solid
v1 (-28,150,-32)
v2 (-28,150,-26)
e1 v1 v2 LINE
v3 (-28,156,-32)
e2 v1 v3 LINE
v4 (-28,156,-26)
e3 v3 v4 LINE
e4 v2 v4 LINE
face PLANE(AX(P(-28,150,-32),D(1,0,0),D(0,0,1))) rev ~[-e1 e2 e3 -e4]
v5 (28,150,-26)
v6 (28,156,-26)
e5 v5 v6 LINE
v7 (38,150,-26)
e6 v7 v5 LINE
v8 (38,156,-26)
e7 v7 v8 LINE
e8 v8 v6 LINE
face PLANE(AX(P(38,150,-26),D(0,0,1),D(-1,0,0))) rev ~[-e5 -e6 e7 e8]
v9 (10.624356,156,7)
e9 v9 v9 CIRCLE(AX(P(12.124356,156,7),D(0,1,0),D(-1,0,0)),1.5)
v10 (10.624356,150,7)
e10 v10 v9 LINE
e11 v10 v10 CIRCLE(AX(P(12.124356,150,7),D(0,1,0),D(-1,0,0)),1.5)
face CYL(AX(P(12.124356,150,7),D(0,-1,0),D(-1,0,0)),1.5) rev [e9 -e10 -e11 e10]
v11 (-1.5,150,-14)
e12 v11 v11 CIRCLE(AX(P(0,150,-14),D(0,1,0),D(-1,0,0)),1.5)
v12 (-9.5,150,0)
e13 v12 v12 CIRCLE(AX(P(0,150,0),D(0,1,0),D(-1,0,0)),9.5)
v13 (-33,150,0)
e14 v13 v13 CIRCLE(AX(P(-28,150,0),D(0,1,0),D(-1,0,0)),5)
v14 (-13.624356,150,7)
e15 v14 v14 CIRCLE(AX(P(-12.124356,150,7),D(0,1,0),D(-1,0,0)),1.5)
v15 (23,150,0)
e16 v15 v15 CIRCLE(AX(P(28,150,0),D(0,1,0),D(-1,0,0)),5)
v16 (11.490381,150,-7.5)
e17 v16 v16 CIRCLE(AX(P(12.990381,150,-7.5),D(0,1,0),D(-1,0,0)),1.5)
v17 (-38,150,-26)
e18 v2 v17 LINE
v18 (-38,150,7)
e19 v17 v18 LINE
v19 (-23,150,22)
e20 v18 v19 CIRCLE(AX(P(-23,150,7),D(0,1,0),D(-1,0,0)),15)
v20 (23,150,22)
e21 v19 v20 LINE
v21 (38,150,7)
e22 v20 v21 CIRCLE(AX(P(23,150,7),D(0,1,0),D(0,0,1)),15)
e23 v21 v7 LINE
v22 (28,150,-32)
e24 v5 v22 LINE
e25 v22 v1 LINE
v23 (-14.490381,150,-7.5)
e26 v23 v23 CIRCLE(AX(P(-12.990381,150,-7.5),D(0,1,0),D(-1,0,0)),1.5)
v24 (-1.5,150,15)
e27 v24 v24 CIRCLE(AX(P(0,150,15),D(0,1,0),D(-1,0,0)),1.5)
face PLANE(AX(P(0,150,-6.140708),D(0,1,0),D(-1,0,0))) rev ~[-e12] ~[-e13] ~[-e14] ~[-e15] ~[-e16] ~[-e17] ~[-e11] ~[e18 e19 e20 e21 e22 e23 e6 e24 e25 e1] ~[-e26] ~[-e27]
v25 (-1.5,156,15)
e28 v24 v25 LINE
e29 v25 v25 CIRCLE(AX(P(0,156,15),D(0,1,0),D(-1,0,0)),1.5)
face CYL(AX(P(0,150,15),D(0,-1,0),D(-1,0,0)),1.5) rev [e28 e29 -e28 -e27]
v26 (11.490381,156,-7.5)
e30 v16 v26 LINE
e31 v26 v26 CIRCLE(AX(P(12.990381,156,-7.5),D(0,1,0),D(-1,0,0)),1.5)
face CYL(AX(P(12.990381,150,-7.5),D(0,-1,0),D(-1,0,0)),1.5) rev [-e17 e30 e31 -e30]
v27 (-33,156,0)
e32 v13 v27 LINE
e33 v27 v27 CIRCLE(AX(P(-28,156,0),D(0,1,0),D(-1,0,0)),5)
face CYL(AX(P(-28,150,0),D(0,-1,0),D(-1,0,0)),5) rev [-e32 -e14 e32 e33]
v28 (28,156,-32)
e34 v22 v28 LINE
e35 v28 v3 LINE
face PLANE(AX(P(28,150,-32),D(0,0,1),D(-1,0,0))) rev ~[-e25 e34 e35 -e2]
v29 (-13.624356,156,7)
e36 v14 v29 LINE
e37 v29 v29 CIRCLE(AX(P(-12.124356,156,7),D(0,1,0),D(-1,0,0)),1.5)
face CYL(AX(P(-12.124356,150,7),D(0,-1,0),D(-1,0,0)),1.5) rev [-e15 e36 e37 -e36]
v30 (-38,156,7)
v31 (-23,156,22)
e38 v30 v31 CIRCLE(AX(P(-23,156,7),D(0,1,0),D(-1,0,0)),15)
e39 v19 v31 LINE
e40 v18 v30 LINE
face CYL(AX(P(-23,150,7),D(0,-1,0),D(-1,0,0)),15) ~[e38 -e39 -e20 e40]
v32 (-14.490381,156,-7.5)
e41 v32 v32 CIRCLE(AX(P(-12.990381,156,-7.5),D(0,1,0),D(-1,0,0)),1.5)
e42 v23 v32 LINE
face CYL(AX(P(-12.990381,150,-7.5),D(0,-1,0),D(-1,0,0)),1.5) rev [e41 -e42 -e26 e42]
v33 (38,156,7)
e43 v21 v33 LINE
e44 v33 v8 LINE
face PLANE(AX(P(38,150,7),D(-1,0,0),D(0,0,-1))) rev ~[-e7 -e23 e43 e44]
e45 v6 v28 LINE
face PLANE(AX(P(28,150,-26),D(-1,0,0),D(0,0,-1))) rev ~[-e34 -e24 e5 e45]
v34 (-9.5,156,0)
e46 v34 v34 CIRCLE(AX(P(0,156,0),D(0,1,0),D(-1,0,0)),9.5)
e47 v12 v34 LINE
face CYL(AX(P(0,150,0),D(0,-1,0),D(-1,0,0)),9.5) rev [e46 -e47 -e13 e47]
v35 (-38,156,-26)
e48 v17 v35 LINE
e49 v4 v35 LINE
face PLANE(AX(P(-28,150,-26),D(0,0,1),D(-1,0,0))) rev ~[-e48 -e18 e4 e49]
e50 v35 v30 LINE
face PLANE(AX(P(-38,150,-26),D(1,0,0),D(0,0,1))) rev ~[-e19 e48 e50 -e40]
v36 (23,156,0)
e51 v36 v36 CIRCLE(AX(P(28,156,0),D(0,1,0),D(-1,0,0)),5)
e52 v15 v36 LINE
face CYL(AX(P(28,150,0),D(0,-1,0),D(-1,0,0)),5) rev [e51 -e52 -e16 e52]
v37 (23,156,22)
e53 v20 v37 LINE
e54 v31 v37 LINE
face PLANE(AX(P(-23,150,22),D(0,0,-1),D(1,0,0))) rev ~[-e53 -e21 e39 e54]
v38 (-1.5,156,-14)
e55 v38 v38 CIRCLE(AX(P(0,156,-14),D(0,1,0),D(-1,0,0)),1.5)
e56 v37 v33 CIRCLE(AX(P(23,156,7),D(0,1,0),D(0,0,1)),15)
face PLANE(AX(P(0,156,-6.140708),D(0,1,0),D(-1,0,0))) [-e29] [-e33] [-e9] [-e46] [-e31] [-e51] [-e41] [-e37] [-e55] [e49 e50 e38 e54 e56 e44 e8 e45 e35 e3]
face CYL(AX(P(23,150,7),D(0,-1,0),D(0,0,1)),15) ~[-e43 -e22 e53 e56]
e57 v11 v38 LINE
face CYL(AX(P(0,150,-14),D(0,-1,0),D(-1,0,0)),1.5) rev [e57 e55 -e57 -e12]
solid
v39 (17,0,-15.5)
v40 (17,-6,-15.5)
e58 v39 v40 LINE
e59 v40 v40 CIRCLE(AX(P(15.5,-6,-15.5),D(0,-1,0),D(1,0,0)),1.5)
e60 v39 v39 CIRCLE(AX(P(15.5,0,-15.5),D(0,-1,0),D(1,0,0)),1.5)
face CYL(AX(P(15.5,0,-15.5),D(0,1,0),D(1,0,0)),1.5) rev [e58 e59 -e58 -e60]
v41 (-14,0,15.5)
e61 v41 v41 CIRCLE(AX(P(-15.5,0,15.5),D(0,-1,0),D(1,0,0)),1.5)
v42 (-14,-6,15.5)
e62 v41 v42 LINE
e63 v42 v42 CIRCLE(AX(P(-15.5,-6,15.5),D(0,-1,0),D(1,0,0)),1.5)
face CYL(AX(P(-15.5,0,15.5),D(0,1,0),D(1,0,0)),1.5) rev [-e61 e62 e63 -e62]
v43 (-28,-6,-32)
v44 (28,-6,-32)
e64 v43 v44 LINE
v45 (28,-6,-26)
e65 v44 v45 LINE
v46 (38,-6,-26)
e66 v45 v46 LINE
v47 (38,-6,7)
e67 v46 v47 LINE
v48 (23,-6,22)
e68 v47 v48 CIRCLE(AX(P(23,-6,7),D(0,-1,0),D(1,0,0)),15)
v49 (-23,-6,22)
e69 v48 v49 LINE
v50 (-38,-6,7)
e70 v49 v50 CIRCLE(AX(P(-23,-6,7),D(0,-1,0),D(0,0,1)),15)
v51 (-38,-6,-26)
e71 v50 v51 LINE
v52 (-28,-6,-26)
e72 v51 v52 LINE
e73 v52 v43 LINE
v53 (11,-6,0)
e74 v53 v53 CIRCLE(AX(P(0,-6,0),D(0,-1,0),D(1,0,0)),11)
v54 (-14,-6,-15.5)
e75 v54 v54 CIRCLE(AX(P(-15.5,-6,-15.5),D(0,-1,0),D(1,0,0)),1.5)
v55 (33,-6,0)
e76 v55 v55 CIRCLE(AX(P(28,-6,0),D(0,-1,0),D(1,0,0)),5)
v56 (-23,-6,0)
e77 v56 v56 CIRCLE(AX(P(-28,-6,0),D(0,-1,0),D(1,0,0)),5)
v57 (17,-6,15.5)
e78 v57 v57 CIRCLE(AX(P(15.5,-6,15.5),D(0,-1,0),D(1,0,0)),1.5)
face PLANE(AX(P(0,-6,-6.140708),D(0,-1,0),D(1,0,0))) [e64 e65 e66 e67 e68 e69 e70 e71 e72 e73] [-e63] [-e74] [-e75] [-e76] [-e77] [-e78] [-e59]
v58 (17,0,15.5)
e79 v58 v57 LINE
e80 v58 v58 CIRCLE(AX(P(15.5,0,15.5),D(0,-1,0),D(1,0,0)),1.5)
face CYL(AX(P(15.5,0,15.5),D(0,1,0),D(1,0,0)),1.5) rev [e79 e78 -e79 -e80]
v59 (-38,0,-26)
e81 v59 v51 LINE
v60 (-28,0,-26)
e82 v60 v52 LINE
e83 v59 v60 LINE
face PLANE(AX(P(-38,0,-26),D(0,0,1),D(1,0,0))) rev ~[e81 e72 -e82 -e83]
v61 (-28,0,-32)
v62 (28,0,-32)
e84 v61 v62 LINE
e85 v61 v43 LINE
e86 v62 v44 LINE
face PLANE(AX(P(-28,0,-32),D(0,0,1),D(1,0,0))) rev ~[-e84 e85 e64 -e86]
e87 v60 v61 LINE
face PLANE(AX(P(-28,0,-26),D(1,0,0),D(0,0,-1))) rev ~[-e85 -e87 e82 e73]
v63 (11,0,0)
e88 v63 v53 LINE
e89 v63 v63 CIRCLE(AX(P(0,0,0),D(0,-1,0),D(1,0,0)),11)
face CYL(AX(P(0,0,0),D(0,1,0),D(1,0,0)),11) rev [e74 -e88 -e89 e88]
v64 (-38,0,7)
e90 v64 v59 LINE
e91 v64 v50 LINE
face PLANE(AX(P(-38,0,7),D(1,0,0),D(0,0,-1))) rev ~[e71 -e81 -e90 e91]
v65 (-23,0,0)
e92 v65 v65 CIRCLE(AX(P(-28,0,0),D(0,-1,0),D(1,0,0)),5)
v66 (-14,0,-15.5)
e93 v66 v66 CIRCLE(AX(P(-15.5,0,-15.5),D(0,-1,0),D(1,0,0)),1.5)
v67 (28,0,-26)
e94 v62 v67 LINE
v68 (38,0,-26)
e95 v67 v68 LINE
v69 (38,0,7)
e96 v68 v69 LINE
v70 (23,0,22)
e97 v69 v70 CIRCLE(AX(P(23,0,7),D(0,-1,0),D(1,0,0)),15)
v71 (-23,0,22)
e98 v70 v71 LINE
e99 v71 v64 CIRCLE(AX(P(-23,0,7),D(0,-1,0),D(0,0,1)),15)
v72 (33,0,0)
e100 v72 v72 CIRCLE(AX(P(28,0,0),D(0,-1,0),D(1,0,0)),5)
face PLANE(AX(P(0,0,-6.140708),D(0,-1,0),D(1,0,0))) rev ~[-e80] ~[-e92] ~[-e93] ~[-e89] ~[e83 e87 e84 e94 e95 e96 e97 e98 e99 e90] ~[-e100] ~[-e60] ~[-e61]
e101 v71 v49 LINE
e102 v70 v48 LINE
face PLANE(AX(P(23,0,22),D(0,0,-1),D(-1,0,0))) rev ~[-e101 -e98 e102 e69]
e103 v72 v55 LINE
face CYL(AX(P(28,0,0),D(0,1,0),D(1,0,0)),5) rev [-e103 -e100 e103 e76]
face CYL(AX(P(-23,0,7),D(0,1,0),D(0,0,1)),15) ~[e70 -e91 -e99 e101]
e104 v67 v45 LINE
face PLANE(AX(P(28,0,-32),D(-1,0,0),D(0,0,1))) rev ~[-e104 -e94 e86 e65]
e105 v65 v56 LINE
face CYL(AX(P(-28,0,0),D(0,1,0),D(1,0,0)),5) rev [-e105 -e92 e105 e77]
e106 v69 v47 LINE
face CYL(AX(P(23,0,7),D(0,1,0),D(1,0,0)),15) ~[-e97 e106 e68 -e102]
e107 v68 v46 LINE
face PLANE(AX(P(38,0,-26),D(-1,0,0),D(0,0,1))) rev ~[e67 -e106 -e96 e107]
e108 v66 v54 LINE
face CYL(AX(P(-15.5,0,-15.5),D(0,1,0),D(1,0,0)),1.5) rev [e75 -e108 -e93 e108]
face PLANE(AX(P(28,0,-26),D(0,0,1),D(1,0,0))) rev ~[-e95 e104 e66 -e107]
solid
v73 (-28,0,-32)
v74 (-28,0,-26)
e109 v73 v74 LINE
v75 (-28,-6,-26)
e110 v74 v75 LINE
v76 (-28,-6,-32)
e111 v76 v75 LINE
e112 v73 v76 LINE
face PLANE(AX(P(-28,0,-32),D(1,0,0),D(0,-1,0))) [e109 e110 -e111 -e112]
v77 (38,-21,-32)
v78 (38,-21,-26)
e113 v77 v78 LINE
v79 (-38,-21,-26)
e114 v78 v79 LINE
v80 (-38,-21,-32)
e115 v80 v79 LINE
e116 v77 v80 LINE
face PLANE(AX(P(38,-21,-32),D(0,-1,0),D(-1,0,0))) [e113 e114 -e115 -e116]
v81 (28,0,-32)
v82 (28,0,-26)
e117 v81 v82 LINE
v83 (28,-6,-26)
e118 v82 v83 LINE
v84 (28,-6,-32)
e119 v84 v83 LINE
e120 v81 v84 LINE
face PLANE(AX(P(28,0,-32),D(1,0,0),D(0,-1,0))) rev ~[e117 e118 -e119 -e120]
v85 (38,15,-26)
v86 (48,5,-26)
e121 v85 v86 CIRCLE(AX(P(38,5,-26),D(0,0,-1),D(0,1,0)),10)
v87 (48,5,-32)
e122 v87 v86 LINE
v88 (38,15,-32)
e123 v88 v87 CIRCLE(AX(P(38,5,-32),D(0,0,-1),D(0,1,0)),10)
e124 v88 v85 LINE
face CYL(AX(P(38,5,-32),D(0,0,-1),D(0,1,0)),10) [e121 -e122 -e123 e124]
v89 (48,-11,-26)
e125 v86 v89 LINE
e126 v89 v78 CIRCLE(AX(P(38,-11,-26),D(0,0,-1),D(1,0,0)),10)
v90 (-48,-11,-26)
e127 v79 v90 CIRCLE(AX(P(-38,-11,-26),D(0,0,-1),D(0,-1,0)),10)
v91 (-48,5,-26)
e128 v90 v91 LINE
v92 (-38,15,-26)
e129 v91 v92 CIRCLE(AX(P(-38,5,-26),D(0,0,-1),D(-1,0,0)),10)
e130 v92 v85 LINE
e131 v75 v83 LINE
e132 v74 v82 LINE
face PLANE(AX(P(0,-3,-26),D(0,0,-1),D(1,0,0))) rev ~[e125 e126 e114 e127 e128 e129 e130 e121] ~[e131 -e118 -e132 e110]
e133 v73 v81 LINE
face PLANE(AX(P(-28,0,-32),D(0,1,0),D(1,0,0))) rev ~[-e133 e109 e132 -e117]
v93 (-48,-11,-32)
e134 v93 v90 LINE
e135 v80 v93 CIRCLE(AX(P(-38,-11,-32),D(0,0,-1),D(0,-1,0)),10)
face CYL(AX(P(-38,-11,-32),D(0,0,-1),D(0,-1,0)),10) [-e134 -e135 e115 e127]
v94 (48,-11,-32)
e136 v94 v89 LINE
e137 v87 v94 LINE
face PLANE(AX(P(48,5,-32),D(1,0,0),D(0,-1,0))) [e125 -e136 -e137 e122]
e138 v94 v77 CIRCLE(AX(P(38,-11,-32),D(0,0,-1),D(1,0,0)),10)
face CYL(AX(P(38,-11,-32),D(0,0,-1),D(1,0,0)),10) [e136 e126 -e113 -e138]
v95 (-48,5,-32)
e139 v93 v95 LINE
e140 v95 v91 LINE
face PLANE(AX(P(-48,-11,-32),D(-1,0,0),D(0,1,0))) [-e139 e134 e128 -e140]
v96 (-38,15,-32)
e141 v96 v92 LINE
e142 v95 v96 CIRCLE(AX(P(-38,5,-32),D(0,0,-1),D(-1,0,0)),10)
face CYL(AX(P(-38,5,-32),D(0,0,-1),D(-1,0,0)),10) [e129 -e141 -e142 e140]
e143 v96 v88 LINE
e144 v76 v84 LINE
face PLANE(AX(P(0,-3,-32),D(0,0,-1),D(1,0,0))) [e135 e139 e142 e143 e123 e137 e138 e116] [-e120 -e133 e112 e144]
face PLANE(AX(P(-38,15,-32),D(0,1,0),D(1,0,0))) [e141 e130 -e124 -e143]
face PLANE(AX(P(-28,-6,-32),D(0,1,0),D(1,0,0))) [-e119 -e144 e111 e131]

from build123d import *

# Parameters (mm, degrees)
F0_R     = 1.5
F0_R_2   = 5
F0_R_3   = 11
F1_DEPTH = 6
F3_R     = 1.5
F3_R_2   = 5
F3_R_3   = 9.5
F4_DEPTH = 6
F5_W     = 56
F5_H     = 6
F6_DEPTH = 6


with BuildPart() as f1:
    # F0 (on Front) → F1 (new body)
    with BuildSketch(Plane.XZ):
        with BuildLine():
            Line((23, 22), (-23, 22))
            ThreePointArc((-23, 22), (-33.6066017178, 17.6066017178), (-38, 7))
            Line((-38, 7), (-38, -26))
            Line((-38, -26), (-28, -26))
            Line((-28, -26), (-28, -32))
            Line((-28, -32), (28, -32))
            Line((28, -32), (28, -26))
            Line((28, -26), (38, -26))
            Line((38, -26), (38, 7))
            ThreePointArc((38, 7), (33.6066017178, 17.6066017178), (23, 22))
        make_face()
        with Locations((-15.5, -15.5)):
            Circle(F0_R, mode=Mode.SUBTRACT)
        with Locations((15.5, -15.5)):
            Circle(F0_R, mode=Mode.SUBTRACT)
        with Locations((-28, 0)):
            Circle(F0_R_2, mode=Mode.SUBTRACT)
        with Locations((-15.5, 15.5)):
            Circle(F0_R, mode=Mode.SUBTRACT)
        Circle(F0_R_3, mode=Mode.SUBTRACT)
        with Locations((28, 0)):
            Circle(F0_R_2, mode=Mode.SUBTRACT)
        with Locations((15.5, 15.5)):
            Circle(F0_R, mode=Mode.SUBTRACT)
    extrude(amount=F1_DEPTH)


with BuildPart() as f4:
    # F3 (on offset) → F4 (new body)
    with BuildSketch(Plane(origin=(0, 150, 0), x_dir=(-1, 0, 0), z_dir=(0, 1, 0))):
        with BuildLine():
            Line((-38, 7), (-38, -26))
            Line((-38, -26), (-28, -26))
            Line((-28, -26), (-28, -32))
            Line((-28, -32), (28, -32))
            Line((28, -32), (28, -26))
            Line((28, -26), (38, -26))
            Line((38, -26), (38, 7))
            ThreePointArc((38, 7), (33.6066017178, 17.6066017178), (23, 22))
            Line((23, 22), (-23, 22))
            ThreePointArc((-23, 22), (-33.6066017178, 17.6066017178), (-38, 7))
        make_face()
        with Locations((-12.9903810568, -7.5)):
            Circle(F3_R, mode=Mode.SUBTRACT)
        with Locations((0, -14)):
            Circle(F3_R, mode=Mode.SUBTRACT)
        with Locations((12.9903810568, -7.5)):
            Circle(F3_R, mode=Mode.SUBTRACT)
        with Locations((-28, 0)):
            Circle(F3_R_2, mode=Mode.SUBTRACT)
        with Locations((-12.124355653, 7)):
            Circle(F3_R, mode=Mode.SUBTRACT)
        Circle(F3_R_3, mode=Mode.SUBTRACT)
        with Locations((12.124355653, 7)):
            Circle(F3_R, mode=Mode.SUBTRACT)
        with Locations((28, 0)):
            Circle(F3_R_2, mode=Mode.SUBTRACT)
        with Locations((0, 15)):
            Circle(F3_R, mode=Mode.SUBTRACT)
    extrude(amount=F4_DEPTH)


with BuildPart() as f6:
    # F5 (on face) → F6 (new body)
    with BuildSketch(Plane(origin=(0, 0, -32), x_dir=(1, 0, 0), z_dir=(0, 0, -1))):
        with BuildLine():
            ThreePointArc((48, 11), (45.0710678119, 18.0710678119), (38, 21))
            Line((38, 21), (-38, 21))
            ThreePointArc((-38, 21), (-45.0710678119, 18.0710678119), (-48, 11))
            Line((-48, 11), (-48, -5))
            ThreePointArc((-48, -5), (-45.0710678119, -12.0710678119), (-38, -15))
            Line((-38, -15), (38, -15))
            ThreePointArc((38, -15), (45.0710678119, -12.0710678119), (48, -5))
            Line((48, -5), (48, 11))
        make_face()
        with Locations((0, 3)):
            Rectangle(F5_W, F5_H, mode=Mode.SUBTRACT)
    extrude(amount=-F6_DEPTH)


solid = Compound([f1.part, f4.part, f6.part])
